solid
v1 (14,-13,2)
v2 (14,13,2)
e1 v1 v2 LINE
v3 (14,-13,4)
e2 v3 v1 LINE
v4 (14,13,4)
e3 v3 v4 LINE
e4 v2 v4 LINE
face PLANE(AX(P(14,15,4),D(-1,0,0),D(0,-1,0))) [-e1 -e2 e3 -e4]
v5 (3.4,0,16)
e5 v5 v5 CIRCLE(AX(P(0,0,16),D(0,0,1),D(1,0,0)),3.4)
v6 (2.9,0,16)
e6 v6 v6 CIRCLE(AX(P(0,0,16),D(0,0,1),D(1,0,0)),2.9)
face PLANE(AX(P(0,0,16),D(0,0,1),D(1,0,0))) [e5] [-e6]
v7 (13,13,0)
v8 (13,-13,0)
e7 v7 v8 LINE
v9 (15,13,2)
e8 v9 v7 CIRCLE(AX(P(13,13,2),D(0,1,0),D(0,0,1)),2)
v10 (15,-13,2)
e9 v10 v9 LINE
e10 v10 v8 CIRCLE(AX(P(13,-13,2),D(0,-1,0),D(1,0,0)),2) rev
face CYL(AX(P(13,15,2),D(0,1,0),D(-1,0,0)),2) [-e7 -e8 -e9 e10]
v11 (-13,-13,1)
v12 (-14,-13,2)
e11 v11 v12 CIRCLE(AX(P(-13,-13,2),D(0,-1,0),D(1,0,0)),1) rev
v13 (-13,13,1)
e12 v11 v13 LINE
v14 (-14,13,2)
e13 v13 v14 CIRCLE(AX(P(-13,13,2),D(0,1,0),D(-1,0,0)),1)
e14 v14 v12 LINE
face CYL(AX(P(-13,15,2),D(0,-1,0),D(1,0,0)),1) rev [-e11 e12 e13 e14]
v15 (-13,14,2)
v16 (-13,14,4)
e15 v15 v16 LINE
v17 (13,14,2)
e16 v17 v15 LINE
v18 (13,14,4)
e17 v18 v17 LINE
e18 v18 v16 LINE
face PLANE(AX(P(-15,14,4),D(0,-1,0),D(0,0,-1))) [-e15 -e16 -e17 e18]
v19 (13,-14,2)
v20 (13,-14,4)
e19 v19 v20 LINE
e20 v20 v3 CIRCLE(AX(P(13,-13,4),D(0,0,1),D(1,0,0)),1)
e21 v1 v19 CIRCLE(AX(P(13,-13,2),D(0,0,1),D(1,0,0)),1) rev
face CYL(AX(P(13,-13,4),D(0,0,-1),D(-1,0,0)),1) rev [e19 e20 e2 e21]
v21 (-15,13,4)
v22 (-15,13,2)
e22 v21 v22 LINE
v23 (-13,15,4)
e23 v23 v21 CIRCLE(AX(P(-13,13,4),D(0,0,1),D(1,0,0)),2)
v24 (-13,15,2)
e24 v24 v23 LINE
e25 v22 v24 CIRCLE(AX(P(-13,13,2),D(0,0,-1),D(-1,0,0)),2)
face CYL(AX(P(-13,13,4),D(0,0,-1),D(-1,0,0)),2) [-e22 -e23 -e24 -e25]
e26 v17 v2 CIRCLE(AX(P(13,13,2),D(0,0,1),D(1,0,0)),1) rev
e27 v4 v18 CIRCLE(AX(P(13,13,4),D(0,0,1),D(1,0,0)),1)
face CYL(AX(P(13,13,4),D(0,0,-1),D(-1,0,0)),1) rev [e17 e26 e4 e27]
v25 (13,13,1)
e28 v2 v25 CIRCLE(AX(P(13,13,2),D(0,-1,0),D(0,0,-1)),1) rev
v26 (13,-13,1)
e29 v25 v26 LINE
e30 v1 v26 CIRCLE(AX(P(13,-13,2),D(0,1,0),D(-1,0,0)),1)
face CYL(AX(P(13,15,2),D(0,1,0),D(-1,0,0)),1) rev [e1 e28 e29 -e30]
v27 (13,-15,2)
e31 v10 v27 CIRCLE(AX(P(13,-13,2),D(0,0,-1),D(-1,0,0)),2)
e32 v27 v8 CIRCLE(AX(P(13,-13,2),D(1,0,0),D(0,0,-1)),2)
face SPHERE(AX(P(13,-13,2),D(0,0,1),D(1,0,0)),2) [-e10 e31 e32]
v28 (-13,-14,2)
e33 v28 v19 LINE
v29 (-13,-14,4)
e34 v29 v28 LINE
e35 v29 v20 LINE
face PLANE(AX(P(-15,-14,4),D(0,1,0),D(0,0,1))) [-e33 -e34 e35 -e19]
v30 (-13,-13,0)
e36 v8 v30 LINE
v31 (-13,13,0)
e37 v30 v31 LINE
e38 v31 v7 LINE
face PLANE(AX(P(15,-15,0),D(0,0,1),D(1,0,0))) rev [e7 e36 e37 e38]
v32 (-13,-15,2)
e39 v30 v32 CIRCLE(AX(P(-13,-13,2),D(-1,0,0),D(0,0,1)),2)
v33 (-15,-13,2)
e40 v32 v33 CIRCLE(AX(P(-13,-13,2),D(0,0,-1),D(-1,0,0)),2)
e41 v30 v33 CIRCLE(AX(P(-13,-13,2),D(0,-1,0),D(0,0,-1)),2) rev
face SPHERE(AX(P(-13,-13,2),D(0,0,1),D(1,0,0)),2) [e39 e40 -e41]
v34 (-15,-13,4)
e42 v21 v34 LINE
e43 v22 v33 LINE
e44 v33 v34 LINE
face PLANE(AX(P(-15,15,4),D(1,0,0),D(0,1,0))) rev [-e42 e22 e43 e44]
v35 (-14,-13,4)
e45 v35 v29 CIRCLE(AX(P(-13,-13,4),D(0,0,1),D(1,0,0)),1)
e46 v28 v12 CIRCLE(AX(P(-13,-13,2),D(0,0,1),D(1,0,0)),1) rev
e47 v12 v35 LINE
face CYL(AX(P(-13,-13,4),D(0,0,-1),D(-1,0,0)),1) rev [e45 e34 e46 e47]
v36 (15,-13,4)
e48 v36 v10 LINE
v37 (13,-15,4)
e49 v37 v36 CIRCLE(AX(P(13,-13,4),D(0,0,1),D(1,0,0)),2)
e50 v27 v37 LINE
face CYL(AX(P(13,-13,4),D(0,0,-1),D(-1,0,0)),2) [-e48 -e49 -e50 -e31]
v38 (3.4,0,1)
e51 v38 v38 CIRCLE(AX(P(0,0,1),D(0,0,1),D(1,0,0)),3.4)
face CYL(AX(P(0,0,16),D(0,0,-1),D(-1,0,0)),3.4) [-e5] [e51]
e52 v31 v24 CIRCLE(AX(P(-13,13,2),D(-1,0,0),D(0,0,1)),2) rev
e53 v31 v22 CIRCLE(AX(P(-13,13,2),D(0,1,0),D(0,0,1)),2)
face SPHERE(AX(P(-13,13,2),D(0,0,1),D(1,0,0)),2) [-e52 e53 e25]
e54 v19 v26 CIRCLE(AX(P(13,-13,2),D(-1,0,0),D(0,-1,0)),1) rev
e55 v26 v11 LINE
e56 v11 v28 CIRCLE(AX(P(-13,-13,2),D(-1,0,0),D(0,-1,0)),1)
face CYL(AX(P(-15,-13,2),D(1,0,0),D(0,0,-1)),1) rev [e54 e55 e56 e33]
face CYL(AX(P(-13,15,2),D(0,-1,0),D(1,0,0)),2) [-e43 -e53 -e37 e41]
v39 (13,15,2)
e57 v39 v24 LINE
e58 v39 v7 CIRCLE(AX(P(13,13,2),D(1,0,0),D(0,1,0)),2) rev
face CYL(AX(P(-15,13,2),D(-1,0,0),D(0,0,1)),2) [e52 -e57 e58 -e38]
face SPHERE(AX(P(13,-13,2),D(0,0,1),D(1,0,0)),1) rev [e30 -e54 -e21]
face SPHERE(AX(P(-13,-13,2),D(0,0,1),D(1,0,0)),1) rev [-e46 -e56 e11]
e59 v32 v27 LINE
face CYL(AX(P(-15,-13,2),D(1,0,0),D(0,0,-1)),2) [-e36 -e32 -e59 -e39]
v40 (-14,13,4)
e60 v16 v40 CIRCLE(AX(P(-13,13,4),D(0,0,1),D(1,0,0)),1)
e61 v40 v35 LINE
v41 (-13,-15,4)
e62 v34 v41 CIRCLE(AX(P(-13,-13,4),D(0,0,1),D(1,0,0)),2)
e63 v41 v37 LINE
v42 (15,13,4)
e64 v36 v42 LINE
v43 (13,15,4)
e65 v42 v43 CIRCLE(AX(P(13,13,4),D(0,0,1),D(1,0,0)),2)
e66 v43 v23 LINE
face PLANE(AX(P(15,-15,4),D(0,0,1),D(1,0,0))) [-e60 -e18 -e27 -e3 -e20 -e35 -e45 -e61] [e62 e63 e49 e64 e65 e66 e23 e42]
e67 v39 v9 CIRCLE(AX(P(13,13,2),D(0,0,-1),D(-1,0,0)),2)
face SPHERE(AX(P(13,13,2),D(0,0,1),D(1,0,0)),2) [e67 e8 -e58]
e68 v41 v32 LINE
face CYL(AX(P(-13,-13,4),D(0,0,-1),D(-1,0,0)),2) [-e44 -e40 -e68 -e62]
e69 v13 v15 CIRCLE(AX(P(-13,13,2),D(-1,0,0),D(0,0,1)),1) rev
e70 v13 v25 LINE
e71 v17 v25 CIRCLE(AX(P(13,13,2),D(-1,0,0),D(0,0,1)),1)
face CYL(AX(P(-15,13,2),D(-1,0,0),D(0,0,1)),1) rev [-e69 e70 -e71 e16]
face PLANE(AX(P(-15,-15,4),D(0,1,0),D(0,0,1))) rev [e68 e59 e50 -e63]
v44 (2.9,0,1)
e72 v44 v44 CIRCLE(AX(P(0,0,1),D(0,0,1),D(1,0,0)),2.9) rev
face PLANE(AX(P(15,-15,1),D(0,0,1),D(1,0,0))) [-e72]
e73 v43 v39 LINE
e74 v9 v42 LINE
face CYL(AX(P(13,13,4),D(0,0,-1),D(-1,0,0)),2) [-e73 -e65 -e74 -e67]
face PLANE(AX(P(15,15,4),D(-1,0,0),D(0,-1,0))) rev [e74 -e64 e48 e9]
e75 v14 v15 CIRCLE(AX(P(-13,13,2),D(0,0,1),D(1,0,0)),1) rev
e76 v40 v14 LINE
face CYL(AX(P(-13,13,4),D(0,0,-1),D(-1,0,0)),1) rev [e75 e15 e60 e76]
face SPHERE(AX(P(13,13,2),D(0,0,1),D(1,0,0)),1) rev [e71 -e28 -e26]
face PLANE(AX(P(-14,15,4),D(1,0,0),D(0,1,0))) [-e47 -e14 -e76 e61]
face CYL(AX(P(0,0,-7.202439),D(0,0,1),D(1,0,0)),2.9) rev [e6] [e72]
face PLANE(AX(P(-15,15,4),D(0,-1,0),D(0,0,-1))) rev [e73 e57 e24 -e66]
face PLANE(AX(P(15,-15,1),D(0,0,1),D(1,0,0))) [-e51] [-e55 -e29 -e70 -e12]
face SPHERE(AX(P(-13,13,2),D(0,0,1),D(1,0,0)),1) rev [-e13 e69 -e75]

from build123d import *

# Parameters (mm, degrees)
SKETCH_1_W          = 30
SKETCH_1_H          = 30
EXTRUDE_1_DEPTH     = 4
FILLET_1_R          = 2
SHELL_1_T           = -1
SKETCH_2_R          = 3.4
EXTRUDE_2_DEPTH     = 15
SKETCH_3_R          = 2.9
CUT_EXTRUDE_1_DEPTH = 15


with BuildPart() as part:
    # 草图1 → 凸台-拉伸1 (new body)
    with BuildSketch(Plane.XY):
        Rectangle(SKETCH_1_W, SKETCH_1_H)
    extrude(amount=EXTRUDE_1_DEPTH)

    # 圆角1
    fillet_1_edges = [part.edges().sort_by_distance(p)[0] for p in [
        (0, -15, 0),
        (-15, 0, 0),
        (0, 15, 0),
        (15, 0, 0),
        (15, -15, 2),
        (-15, -15, 2),
        (-15, 15, 2),
        (15, 15, 2),
    ]]
    fillet(fillet_1_edges, radius=FILLET_1_R)

    # 抽壳1
    shell_1_openings = [part.faces().sort_by_distance(p)[0] for p in [
        (0, 0, 4),
    ]]
    offset(amount=SHELL_1_T, openings=shell_1_openings, kind=Kind.INTERSECTION)

    # 草图2 → 凸台-拉伸2 (add)
    with BuildSketch(Plane.XY.offset(1)):
        Circle(SKETCH_2_R)
    extrude(amount=EXTRUDE_2_DEPTH)

    # 草图3 → 切除-拉伸1 (cut)
    with BuildSketch(Plane.XY.offset(16)):
        Circle(SKETCH_3_R)
    extrude(amount=-CUT_EXTRUDE_1_DEPTH, mode=Mode.SUBTRACT)


solid = part.part
